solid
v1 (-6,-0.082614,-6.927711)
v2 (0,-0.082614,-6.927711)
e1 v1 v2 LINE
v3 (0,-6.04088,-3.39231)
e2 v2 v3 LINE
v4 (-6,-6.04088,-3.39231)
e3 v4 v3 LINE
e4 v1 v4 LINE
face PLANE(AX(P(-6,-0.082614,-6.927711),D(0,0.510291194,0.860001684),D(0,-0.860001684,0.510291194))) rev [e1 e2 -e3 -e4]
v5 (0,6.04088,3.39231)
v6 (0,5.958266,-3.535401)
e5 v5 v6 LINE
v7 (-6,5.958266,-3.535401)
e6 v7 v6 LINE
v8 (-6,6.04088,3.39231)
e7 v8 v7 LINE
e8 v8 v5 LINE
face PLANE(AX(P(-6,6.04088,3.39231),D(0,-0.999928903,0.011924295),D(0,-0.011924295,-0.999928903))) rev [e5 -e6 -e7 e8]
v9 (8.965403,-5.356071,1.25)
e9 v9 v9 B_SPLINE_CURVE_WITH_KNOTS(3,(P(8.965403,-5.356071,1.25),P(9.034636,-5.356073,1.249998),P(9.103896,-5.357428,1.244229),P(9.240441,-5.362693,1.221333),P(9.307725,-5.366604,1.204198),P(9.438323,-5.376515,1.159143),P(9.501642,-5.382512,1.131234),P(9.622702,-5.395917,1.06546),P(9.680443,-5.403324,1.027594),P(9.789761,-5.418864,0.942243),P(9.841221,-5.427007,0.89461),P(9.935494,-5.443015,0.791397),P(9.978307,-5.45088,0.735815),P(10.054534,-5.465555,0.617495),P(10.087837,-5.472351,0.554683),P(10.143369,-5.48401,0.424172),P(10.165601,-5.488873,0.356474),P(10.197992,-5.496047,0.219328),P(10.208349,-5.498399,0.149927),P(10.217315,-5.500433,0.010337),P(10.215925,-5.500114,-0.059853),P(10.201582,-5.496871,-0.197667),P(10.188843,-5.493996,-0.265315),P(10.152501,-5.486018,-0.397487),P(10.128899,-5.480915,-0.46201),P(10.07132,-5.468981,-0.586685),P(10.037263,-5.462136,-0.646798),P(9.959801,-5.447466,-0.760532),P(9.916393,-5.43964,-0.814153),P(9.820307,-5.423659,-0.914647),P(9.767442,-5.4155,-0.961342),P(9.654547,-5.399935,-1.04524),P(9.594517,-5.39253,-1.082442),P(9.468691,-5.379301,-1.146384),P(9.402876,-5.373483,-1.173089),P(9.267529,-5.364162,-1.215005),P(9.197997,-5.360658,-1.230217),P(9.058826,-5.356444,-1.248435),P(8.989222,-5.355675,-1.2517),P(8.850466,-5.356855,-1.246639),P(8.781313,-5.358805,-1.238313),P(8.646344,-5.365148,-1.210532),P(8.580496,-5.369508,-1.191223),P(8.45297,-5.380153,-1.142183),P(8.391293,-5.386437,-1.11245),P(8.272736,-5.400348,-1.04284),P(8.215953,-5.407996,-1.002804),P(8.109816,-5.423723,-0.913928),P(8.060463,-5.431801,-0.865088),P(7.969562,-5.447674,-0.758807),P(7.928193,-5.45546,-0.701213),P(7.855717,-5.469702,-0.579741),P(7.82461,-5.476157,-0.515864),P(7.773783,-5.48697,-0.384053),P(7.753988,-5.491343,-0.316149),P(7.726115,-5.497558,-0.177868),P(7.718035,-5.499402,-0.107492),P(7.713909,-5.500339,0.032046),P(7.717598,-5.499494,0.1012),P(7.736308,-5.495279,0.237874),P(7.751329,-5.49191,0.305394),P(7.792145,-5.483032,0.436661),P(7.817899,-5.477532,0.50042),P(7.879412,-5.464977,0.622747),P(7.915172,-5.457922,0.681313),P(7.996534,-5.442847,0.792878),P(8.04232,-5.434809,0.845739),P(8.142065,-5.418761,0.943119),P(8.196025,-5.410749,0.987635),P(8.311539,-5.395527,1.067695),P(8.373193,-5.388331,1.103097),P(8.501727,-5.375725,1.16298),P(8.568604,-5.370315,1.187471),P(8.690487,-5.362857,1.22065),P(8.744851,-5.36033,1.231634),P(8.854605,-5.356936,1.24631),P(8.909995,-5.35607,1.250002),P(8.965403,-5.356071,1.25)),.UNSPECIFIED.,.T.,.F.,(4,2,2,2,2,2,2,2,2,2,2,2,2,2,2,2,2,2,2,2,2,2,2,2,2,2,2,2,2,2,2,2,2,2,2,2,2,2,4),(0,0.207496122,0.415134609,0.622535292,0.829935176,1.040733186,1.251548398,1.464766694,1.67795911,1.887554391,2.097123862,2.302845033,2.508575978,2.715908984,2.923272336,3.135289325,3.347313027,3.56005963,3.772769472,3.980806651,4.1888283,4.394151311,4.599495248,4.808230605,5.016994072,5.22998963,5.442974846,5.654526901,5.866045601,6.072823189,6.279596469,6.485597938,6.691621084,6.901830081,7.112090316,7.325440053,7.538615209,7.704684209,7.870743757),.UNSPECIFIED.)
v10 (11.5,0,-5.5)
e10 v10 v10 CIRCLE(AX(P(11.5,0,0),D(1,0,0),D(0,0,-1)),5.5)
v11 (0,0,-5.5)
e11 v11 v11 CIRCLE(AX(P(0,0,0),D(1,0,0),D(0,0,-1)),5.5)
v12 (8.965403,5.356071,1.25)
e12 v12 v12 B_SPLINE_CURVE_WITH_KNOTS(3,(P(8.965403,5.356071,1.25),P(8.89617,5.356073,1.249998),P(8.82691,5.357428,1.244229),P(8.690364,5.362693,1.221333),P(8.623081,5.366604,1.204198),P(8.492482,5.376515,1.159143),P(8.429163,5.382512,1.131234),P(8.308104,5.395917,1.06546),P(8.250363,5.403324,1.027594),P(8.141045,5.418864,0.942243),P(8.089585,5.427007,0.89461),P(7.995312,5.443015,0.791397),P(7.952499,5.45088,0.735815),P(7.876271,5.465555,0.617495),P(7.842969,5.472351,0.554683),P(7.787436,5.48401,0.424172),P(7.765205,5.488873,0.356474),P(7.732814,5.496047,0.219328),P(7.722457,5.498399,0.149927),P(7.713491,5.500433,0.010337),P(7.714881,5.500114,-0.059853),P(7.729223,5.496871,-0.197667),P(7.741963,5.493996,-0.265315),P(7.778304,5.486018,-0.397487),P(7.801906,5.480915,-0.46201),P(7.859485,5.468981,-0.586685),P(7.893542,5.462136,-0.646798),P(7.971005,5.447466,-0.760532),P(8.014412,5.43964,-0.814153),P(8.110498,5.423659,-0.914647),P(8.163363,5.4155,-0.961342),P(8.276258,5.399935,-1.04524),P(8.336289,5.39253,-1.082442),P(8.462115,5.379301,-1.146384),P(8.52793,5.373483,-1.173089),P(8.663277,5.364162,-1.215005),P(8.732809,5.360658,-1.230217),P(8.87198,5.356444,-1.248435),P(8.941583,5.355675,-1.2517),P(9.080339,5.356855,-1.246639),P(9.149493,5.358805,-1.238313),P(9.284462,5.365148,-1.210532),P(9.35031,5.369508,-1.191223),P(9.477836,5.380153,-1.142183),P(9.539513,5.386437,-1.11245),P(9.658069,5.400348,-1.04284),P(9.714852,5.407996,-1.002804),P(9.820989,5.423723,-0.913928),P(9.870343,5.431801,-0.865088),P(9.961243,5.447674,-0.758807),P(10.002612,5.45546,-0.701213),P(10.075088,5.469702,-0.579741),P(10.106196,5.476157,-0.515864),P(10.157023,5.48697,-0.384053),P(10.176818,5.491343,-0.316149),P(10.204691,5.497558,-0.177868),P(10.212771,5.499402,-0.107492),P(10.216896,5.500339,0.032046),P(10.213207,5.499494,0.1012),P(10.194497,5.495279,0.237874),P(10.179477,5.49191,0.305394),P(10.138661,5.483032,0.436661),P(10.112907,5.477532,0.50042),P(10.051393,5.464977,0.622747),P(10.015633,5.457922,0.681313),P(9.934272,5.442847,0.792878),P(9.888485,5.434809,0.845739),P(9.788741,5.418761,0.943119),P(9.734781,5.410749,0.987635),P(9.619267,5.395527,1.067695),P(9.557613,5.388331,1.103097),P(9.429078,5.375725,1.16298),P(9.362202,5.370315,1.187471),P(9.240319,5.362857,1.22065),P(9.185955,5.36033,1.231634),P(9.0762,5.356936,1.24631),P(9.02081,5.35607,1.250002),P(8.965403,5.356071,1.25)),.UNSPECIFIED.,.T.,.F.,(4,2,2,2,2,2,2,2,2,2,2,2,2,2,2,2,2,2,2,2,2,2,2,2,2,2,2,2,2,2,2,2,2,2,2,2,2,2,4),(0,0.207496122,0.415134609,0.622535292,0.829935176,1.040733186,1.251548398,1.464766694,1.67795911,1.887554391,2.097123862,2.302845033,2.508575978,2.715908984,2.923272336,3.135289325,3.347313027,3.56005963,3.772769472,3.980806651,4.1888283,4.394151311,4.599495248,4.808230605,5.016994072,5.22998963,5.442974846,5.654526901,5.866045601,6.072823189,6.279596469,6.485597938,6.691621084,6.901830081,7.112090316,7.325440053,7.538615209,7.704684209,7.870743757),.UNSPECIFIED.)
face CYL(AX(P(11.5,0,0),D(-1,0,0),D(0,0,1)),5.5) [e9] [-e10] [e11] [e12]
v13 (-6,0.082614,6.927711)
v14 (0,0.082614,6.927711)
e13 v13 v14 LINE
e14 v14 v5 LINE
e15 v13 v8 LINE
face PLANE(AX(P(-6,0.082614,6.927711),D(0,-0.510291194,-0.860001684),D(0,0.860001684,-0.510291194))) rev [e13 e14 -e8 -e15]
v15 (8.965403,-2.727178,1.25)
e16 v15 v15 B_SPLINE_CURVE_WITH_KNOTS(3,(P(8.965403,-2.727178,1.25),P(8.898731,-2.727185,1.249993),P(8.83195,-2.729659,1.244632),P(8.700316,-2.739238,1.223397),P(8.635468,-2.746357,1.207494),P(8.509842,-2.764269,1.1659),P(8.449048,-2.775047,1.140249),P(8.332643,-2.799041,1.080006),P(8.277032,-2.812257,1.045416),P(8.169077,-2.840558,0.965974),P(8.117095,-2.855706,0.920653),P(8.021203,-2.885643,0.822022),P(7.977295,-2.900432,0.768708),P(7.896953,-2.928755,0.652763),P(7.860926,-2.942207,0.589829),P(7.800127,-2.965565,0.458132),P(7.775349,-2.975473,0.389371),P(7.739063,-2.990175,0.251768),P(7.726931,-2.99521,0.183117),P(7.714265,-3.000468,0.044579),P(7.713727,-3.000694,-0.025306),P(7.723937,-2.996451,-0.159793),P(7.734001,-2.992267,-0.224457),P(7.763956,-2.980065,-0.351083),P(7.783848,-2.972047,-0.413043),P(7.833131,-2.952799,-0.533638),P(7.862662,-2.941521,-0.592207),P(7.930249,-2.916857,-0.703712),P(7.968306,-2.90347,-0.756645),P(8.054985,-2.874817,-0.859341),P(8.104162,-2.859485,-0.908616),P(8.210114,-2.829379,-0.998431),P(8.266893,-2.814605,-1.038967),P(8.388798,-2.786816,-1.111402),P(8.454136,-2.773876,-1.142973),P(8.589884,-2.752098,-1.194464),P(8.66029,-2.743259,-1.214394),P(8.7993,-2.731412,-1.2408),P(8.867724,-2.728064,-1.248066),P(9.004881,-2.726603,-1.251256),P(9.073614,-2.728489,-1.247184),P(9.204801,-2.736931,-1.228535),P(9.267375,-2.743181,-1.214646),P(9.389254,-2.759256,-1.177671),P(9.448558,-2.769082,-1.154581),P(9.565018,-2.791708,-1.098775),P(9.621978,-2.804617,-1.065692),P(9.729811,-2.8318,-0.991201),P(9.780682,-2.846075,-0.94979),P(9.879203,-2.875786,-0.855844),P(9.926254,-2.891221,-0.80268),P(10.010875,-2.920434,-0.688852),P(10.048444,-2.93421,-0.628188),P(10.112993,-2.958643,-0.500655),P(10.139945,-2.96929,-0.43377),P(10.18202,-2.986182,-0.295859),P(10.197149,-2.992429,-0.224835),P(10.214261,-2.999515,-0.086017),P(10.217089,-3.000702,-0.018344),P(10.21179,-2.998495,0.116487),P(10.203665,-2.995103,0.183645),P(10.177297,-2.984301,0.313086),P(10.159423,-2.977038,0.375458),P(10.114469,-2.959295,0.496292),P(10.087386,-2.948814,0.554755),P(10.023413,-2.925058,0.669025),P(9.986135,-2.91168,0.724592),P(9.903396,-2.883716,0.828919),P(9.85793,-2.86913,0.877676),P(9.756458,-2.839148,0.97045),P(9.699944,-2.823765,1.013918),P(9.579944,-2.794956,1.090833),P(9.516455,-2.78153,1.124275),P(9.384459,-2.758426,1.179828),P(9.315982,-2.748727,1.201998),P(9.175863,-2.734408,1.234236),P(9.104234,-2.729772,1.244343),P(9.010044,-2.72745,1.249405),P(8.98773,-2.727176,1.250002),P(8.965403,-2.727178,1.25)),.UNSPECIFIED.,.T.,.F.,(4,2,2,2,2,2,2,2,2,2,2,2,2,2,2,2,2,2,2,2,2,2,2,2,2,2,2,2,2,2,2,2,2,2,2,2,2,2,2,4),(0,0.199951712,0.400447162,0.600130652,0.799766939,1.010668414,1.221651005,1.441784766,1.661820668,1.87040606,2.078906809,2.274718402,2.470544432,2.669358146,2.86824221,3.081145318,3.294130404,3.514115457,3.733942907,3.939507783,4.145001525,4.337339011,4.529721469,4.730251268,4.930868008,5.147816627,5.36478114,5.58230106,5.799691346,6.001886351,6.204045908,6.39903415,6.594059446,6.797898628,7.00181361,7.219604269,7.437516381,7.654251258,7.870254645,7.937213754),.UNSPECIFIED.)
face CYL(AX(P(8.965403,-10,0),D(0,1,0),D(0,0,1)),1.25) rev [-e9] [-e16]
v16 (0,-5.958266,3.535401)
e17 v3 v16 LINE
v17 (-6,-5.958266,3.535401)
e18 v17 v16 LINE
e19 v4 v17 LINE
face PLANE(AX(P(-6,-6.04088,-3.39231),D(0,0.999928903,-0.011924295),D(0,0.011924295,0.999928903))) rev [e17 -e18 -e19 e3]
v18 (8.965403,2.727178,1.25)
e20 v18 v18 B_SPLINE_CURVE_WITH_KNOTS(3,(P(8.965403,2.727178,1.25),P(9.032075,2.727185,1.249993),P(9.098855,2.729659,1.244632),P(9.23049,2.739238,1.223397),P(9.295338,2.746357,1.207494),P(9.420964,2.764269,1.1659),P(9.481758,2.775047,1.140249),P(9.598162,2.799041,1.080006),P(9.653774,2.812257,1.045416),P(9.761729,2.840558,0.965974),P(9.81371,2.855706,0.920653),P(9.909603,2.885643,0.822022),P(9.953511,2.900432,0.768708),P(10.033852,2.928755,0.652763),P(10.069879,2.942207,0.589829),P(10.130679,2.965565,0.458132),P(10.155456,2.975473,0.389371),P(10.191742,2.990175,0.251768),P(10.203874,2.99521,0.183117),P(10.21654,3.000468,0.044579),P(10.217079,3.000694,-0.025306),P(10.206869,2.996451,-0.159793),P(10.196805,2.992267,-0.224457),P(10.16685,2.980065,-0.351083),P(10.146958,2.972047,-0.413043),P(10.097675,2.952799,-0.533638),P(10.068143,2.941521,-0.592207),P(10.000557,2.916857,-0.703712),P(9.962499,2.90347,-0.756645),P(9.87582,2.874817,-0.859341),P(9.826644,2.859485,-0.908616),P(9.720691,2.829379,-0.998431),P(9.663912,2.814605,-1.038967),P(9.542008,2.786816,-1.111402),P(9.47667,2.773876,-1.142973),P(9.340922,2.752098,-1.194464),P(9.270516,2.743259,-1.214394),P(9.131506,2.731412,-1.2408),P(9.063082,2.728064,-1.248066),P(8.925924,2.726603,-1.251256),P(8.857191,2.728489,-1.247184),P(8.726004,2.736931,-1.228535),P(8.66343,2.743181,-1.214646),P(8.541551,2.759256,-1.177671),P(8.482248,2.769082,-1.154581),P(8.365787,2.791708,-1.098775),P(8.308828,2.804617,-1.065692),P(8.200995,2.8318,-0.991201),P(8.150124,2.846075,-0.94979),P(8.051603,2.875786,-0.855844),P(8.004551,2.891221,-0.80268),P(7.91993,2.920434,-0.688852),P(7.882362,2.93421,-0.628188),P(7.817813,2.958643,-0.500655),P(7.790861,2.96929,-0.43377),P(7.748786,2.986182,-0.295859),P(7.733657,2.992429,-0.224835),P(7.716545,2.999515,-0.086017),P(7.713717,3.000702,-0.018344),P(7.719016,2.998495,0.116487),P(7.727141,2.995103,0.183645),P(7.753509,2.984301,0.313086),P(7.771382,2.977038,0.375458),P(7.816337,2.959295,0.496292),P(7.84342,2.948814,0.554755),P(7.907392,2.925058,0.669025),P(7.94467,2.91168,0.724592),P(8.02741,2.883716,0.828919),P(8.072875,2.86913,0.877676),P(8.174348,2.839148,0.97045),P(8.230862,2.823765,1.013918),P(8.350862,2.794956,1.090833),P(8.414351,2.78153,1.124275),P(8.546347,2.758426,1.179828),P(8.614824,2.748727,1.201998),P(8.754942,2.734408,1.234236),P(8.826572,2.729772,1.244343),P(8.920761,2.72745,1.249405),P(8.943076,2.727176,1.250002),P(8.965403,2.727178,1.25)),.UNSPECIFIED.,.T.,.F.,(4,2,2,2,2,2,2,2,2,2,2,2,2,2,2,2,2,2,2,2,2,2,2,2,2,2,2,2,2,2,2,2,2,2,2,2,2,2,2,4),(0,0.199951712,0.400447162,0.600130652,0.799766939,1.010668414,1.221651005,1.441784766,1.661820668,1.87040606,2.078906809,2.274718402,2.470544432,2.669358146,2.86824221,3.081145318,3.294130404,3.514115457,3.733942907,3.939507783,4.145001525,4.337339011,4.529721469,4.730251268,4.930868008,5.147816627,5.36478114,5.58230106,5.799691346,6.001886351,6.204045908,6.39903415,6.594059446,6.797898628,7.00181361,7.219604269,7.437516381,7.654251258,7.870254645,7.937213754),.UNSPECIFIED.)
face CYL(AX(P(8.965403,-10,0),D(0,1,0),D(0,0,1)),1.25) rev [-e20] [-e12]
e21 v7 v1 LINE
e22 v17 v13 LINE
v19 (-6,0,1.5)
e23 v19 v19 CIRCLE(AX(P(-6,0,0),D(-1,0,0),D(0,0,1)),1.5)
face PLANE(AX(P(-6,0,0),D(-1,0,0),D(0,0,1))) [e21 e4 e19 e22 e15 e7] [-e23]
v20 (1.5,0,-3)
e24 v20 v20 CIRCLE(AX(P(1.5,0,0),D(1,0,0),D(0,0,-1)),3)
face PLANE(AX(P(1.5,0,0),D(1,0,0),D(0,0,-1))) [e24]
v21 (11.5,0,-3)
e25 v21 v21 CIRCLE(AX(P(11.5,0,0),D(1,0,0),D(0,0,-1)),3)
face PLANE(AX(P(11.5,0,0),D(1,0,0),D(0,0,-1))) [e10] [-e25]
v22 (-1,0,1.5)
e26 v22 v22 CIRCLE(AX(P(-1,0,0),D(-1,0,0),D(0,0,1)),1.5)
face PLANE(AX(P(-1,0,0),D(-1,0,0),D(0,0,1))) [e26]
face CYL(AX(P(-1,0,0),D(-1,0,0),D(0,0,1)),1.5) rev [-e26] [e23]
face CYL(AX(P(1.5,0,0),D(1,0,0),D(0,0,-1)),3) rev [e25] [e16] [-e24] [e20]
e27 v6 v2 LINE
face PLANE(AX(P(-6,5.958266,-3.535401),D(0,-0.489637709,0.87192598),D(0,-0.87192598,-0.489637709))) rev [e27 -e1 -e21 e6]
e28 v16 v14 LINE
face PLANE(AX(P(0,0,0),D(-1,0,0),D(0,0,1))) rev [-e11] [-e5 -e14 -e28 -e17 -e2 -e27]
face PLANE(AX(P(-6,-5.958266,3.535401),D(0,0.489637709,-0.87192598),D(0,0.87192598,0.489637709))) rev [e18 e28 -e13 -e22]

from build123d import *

# Parameters (mm, degrees)
SKETCH1_R           = 5.5
BOSS_EXTRUDE1_DEPTH = 11.5
BOSS_EXTRUDE2_DEPTH = 6
SKETCH3_R           = 3
CUT_EXTRUDE1_DEPTH  = 10
SKETCH4_R           = 1.25
CUT_EXTRUDE4_DEPTH  = 10
SKETCH5_R           = 1.5
CUT_EXTRUDE5_DEPTH  = 5


with BuildPart() as part:
    # Sketch1 → Boss-Extrude1 (new body)
    with BuildSketch(Plane(origin=(0, 0, 0), x_dir=(0, 0, -1), z_dir=(1, 0, 0))):
        Circle(SKETCH1_R)
    extrude(amount=BOSS_EXTRUDE1_DEPTH)

    # Sketch2 → Boss-Extrude2 (add)
    with BuildSketch(Plane.ZY):
        Polygon((3.392309556, 6.040880389), (-3.535401101, 5.958266447), (-6.927710656, -0.082613942), (-3.392309556, -6.040880389), (3.535401101, -5.958266447), (6.927710656, 0.082613942), align=None)
    extrude(amount=BOSS_EXTRUDE2_DEPTH)

    # Sketch3 → Cut-Extrude1 (cut)
    with BuildSketch(Plane(origin=(11.5, 0, 0), x_dir=(0, 0, -1), z_dir=(1, 0, 0))):
        Circle(SKETCH3_R)
    extrude(amount=-CUT_EXTRUDE1_DEPTH, mode=Mode.SUBTRACT)

    # Sketch4 → Cut-Extrude4 (cut, symmetric)
    with BuildSketch(Plane(origin=(0, 0, 0), x_dir=(1, 0, 0), z_dir=(0, 1, 0))):
        with Locations(Location((8.965402785, 0, 0), (0, 0, 270))):
            Circle(SKETCH4_R)
    extrude(amount=CUT_EXTRUDE4_DEPTH, both=True, mode=Mode.SUBTRACT)

    # Sketch5 → Cut-Extrude5 (cut)
    with BuildSketch(Plane.ZY.offset(6)):
        Circle(SKETCH5_R)
    extrude(amount=-CUT_EXTRUDE5_DEPTH, mode=Mode.SUBTRACT)


solid = part.part
